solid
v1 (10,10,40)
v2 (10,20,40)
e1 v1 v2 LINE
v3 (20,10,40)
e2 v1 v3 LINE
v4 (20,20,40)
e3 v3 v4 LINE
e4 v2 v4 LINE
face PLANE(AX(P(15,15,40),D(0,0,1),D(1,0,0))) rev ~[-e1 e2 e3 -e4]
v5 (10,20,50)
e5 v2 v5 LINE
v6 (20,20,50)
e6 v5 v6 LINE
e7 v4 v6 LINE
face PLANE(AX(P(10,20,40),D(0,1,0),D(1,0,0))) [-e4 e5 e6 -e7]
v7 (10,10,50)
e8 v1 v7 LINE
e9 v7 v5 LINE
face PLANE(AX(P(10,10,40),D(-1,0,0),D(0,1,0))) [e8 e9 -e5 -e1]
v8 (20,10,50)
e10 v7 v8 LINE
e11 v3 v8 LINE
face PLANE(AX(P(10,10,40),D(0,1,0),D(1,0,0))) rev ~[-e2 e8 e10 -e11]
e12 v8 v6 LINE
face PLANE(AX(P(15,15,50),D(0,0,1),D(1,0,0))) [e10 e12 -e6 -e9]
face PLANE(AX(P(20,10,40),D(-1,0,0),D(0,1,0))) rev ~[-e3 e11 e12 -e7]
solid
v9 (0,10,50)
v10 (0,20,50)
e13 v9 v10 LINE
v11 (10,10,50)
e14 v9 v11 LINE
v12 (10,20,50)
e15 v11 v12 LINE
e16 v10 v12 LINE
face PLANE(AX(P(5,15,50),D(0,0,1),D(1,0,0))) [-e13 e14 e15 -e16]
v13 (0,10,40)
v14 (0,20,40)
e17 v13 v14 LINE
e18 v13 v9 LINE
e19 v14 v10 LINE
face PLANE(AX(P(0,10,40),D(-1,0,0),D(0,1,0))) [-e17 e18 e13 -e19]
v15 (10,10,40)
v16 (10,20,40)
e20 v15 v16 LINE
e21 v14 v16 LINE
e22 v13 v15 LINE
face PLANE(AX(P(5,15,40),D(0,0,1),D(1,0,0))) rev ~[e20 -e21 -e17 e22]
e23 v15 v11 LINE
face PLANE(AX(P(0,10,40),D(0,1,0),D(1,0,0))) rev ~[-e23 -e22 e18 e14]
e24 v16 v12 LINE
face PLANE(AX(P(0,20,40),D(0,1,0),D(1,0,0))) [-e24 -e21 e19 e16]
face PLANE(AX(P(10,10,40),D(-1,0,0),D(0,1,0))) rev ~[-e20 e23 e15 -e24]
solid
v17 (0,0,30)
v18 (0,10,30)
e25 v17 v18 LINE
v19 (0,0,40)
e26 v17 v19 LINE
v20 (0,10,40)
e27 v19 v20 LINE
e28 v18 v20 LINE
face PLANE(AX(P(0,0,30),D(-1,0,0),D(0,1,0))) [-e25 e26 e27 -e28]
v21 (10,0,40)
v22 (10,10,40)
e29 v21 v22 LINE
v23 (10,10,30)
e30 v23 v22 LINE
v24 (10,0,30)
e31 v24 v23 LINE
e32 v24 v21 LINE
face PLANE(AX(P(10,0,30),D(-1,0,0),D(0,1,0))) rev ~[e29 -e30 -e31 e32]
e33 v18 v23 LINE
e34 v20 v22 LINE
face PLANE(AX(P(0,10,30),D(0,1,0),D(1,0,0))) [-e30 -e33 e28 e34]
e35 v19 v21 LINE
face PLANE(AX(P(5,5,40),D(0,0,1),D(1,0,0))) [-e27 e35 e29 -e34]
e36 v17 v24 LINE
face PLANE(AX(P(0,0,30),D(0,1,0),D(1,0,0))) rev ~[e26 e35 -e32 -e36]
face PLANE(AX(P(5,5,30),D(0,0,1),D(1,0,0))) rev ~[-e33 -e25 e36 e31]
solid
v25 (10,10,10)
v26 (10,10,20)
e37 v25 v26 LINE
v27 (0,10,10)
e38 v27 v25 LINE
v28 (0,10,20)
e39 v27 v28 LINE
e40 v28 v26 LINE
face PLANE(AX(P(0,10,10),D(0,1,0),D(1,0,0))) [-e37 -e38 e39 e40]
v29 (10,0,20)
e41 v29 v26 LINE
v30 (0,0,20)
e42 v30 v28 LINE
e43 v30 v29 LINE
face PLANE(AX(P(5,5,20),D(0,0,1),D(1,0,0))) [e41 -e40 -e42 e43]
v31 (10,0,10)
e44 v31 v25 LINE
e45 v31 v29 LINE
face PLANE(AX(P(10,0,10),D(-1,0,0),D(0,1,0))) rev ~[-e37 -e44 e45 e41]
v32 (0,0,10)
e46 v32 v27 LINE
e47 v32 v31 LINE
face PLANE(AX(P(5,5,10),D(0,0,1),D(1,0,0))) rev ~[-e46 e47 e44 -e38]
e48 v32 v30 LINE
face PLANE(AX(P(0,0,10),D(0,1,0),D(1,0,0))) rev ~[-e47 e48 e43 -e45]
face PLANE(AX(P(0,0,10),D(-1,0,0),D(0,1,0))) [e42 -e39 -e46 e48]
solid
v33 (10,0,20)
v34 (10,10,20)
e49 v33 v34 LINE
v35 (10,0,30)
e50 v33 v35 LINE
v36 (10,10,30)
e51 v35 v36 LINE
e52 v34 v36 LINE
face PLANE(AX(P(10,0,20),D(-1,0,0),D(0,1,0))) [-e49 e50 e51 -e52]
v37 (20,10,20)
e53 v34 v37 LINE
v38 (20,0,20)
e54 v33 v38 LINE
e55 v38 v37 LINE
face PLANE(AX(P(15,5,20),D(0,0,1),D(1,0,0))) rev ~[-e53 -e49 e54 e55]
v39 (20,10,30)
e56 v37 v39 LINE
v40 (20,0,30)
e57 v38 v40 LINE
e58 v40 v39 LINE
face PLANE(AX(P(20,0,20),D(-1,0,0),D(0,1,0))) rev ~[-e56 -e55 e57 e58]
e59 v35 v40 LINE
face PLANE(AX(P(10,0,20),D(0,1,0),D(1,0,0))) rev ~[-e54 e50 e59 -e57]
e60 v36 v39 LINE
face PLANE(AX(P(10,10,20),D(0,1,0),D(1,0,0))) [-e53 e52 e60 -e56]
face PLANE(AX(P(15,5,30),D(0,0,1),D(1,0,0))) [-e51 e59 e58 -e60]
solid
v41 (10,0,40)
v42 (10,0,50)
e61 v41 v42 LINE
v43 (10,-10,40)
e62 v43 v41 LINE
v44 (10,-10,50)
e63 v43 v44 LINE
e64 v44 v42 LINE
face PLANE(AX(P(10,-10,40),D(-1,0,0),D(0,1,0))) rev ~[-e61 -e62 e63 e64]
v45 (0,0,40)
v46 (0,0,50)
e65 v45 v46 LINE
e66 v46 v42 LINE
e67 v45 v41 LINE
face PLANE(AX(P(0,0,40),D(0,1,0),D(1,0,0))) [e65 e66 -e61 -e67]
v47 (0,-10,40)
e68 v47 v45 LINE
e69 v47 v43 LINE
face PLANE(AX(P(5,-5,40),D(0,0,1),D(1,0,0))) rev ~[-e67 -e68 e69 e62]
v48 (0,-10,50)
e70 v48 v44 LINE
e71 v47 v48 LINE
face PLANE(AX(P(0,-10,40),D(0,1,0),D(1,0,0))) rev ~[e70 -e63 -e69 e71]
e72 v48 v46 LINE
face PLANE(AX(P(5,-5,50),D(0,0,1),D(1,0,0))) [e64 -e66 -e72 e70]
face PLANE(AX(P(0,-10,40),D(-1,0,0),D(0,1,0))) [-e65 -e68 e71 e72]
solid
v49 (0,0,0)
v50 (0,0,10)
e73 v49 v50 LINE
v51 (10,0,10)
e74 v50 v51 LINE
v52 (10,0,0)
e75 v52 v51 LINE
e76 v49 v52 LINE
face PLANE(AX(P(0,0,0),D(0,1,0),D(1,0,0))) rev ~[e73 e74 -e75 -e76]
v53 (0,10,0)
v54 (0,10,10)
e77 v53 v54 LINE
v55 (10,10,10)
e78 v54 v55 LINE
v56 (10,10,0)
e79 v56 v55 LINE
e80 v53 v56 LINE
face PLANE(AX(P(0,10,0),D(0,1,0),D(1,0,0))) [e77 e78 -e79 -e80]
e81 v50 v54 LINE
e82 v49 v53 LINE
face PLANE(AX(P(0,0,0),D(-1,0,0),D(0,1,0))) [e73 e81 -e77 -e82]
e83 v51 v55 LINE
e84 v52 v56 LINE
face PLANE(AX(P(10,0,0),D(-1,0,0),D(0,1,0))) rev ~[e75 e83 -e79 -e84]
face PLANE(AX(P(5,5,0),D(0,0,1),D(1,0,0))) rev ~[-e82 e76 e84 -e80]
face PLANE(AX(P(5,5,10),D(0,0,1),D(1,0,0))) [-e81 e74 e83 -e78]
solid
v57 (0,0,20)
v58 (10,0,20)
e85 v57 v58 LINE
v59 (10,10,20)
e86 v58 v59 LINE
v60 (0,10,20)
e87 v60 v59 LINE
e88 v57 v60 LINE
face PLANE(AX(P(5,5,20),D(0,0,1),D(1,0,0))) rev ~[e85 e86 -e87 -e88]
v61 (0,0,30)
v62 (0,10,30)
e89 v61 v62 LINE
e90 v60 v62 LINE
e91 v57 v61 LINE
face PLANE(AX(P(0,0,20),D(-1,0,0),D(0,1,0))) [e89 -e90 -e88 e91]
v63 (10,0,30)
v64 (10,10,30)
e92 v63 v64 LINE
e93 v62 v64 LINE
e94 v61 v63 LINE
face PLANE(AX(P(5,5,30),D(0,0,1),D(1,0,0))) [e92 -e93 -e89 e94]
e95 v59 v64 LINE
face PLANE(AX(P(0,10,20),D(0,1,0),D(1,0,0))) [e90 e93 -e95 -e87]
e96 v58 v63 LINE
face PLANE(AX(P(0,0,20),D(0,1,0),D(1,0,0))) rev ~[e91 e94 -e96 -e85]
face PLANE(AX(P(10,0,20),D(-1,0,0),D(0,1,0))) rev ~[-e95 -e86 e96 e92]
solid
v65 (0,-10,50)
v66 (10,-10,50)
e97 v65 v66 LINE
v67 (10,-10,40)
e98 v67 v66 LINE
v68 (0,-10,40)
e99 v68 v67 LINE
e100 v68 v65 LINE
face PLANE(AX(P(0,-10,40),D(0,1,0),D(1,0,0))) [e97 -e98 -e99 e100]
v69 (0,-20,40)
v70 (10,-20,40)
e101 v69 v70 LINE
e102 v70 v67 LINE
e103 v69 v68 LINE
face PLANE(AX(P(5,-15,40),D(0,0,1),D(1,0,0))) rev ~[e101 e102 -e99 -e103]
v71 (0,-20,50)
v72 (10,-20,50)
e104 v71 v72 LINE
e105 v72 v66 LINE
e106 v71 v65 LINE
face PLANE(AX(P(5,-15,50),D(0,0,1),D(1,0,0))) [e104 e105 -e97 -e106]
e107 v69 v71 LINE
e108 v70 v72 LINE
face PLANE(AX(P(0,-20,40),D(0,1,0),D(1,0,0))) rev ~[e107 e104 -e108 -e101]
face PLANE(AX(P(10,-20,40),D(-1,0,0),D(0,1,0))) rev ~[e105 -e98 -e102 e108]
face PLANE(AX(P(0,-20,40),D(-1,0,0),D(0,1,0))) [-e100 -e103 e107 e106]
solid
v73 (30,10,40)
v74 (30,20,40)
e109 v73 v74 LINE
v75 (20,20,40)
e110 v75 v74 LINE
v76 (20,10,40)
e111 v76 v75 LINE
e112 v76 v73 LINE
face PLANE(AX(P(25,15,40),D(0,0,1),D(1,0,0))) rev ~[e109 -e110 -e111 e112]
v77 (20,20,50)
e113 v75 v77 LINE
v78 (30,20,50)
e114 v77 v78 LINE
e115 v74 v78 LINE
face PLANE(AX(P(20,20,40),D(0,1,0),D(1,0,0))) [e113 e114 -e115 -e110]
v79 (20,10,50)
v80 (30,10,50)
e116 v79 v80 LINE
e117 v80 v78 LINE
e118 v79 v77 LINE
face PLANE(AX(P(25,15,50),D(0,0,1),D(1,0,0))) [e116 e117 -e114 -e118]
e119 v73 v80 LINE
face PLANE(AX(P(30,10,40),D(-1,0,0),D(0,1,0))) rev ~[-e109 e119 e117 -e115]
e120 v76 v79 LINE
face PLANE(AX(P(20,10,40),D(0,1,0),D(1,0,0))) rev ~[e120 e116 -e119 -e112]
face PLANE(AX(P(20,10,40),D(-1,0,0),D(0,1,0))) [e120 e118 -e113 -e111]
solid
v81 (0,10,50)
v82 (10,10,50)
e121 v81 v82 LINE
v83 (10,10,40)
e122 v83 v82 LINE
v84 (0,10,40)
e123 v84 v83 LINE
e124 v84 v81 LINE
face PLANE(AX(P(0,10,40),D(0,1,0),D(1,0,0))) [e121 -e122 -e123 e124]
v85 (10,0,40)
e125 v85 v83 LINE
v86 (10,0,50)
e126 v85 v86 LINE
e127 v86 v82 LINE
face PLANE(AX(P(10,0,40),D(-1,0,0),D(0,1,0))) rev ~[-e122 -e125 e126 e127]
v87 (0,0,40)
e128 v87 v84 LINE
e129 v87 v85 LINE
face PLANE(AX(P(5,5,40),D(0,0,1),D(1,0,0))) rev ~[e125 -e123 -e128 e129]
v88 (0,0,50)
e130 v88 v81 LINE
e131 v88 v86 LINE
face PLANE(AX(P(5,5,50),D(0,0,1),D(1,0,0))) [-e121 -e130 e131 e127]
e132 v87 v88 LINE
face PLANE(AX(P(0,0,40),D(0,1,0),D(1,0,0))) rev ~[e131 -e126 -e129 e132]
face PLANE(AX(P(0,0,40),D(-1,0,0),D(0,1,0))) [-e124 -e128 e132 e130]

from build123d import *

# Parameters (mm, degrees)
BOX_W        = 10
BOX_H        = 10
BOX_DEPTH    = 10
BOX001_W     = 10
BOX001_H     = 10
BOX001_DEPTH = 10
BOX002_W     = 10
BOX002_H     = 10
BOX002_DEPTH = 10
BOX003_W     = 10
BOX003_H     = 10
BOX003_DEPTH = 10
BOX004_W     = 10
BOX004_H     = 10
BOX004_DEPTH = 10
BOX005_W     = 10
BOX005_H     = 10
BOX005_DEPTH = 10
BOX006_W     = 10
BOX006_H     = 10
BOX006_DEPTH = 10
BOX007_W     = 10
BOX007_H     = 10
BOX007_DEPTH = 10
BOX008_W     = 10
BOX008_H     = 10
BOX008_DEPTH = 10
BOX009_W     = 10
BOX009_H     = 10
BOX009_DEPTH = 10
BOX010_W     = 10
BOX010_H     = 10
BOX010_DEPTH = 10


with BuildPart() as cubo:
    # Box → Box (new body)
    with BuildSketch(Plane.XY):
        with Locations((5, 5)):
            Rectangle(BOX_W, BOX_H)
    extrude(amount=BOX_DEPTH)


with BuildPart() as cubo001:
    # Box001 → Box001 (new body)
    with BuildSketch(Plane.XY.offset(10)):
        with Locations((5, 5)):
            Rectangle(BOX001_W, BOX001_H)
    extrude(amount=BOX001_DEPTH)


with BuildPart() as cubo002:
    # Box002 → Box002 (new body)
    with BuildSketch(Plane.XY.offset(20)):
        with Locations((5, 5)):
            Rectangle(BOX002_W, BOX002_H)
    extrude(amount=BOX002_DEPTH)


with BuildPart() as cubo003:
    # Box003 → Box003 (new body)
    with BuildSketch(Plane.XY.offset(30)):
        with Locations((5, 5)):
            Rectangle(BOX003_W, BOX003_H)
    extrude(amount=BOX003_DEPTH)


with BuildPart() as cubo004:
    # Box004 → Box004 (new body)
    with BuildSketch(Plane.XY.offset(40)):
        with Locations((5, 5)):
            Rectangle(BOX004_W, BOX004_H)
    extrude(amount=BOX004_DEPTH)


with BuildPart() as cubo005:
    # Box005 → Box005 (new body)
    with BuildSketch(Plane(origin=(10, 0, 20), x_dir=(1, 0, 0), z_dir=(0, 0, 1))):
        with Locations((5, 5)):
            Rectangle(BOX005_W, BOX005_H)
    extrude(amount=BOX005_DEPTH)


with BuildPart() as cubo006:
    # Box006 → Box006 (new body)
    with BuildSketch(Plane(origin=(0, -10, 40), x_dir=(1, 0, 0), z_dir=(0, 0, 1))):
        with Locations((5, 5)):
            Rectangle(BOX006_W, BOX006_H)
    extrude(amount=BOX006_DEPTH)


with BuildPart() as cubo007:
    # Box007 → Box007 (new body)
    with BuildSketch(Plane(origin=(0, -20, 40), x_dir=(1, 0, 0), z_dir=(0, 0, 1))):
        with Locations((5, 5)):
            Rectangle(BOX007_W, BOX007_H)
    extrude(amount=BOX007_DEPTH)


with BuildPart() as cubo008:
    # Box008 → Box008 (new body)
    with BuildSketch(Plane(origin=(0, 10, 40), x_dir=(1, 0, 0), z_dir=(0, 0, 1))):
        with Locations((5, 5)):
            Rectangle(BOX008_W, BOX008_H)
    extrude(amount=BOX008_DEPTH)


with BuildPart() as cubo009:
    # Box009 → Box009 (new body)
    with BuildSketch(Plane(origin=(10, 10, 40), x_dir=(1, 0, 0), z_dir=(0, 0, 1))):
        with Locations((5, 5)):
            Rectangle(BOX009_W, BOX009_H)
    extrude(amount=BOX009_DEPTH)


with BuildPart() as cubo010:
    # Box010 → Box010 (new body)
    with BuildSketch(Plane(origin=(20, 10, 40), x_dir=(1, 0, 0), z_dir=(0, 0, 1))):
        with Locations((5, 5)):
            Rectangle(BOX010_W, BOX010_H)
    extrude(amount=BOX010_DEPTH)


solid = Compound([cubo.part, cubo001.part, cubo002.part, cubo003.part, cubo004.part, cubo005.part, cubo006.part, cubo007.part, cubo008.part, cubo009.part, cubo010.part])
